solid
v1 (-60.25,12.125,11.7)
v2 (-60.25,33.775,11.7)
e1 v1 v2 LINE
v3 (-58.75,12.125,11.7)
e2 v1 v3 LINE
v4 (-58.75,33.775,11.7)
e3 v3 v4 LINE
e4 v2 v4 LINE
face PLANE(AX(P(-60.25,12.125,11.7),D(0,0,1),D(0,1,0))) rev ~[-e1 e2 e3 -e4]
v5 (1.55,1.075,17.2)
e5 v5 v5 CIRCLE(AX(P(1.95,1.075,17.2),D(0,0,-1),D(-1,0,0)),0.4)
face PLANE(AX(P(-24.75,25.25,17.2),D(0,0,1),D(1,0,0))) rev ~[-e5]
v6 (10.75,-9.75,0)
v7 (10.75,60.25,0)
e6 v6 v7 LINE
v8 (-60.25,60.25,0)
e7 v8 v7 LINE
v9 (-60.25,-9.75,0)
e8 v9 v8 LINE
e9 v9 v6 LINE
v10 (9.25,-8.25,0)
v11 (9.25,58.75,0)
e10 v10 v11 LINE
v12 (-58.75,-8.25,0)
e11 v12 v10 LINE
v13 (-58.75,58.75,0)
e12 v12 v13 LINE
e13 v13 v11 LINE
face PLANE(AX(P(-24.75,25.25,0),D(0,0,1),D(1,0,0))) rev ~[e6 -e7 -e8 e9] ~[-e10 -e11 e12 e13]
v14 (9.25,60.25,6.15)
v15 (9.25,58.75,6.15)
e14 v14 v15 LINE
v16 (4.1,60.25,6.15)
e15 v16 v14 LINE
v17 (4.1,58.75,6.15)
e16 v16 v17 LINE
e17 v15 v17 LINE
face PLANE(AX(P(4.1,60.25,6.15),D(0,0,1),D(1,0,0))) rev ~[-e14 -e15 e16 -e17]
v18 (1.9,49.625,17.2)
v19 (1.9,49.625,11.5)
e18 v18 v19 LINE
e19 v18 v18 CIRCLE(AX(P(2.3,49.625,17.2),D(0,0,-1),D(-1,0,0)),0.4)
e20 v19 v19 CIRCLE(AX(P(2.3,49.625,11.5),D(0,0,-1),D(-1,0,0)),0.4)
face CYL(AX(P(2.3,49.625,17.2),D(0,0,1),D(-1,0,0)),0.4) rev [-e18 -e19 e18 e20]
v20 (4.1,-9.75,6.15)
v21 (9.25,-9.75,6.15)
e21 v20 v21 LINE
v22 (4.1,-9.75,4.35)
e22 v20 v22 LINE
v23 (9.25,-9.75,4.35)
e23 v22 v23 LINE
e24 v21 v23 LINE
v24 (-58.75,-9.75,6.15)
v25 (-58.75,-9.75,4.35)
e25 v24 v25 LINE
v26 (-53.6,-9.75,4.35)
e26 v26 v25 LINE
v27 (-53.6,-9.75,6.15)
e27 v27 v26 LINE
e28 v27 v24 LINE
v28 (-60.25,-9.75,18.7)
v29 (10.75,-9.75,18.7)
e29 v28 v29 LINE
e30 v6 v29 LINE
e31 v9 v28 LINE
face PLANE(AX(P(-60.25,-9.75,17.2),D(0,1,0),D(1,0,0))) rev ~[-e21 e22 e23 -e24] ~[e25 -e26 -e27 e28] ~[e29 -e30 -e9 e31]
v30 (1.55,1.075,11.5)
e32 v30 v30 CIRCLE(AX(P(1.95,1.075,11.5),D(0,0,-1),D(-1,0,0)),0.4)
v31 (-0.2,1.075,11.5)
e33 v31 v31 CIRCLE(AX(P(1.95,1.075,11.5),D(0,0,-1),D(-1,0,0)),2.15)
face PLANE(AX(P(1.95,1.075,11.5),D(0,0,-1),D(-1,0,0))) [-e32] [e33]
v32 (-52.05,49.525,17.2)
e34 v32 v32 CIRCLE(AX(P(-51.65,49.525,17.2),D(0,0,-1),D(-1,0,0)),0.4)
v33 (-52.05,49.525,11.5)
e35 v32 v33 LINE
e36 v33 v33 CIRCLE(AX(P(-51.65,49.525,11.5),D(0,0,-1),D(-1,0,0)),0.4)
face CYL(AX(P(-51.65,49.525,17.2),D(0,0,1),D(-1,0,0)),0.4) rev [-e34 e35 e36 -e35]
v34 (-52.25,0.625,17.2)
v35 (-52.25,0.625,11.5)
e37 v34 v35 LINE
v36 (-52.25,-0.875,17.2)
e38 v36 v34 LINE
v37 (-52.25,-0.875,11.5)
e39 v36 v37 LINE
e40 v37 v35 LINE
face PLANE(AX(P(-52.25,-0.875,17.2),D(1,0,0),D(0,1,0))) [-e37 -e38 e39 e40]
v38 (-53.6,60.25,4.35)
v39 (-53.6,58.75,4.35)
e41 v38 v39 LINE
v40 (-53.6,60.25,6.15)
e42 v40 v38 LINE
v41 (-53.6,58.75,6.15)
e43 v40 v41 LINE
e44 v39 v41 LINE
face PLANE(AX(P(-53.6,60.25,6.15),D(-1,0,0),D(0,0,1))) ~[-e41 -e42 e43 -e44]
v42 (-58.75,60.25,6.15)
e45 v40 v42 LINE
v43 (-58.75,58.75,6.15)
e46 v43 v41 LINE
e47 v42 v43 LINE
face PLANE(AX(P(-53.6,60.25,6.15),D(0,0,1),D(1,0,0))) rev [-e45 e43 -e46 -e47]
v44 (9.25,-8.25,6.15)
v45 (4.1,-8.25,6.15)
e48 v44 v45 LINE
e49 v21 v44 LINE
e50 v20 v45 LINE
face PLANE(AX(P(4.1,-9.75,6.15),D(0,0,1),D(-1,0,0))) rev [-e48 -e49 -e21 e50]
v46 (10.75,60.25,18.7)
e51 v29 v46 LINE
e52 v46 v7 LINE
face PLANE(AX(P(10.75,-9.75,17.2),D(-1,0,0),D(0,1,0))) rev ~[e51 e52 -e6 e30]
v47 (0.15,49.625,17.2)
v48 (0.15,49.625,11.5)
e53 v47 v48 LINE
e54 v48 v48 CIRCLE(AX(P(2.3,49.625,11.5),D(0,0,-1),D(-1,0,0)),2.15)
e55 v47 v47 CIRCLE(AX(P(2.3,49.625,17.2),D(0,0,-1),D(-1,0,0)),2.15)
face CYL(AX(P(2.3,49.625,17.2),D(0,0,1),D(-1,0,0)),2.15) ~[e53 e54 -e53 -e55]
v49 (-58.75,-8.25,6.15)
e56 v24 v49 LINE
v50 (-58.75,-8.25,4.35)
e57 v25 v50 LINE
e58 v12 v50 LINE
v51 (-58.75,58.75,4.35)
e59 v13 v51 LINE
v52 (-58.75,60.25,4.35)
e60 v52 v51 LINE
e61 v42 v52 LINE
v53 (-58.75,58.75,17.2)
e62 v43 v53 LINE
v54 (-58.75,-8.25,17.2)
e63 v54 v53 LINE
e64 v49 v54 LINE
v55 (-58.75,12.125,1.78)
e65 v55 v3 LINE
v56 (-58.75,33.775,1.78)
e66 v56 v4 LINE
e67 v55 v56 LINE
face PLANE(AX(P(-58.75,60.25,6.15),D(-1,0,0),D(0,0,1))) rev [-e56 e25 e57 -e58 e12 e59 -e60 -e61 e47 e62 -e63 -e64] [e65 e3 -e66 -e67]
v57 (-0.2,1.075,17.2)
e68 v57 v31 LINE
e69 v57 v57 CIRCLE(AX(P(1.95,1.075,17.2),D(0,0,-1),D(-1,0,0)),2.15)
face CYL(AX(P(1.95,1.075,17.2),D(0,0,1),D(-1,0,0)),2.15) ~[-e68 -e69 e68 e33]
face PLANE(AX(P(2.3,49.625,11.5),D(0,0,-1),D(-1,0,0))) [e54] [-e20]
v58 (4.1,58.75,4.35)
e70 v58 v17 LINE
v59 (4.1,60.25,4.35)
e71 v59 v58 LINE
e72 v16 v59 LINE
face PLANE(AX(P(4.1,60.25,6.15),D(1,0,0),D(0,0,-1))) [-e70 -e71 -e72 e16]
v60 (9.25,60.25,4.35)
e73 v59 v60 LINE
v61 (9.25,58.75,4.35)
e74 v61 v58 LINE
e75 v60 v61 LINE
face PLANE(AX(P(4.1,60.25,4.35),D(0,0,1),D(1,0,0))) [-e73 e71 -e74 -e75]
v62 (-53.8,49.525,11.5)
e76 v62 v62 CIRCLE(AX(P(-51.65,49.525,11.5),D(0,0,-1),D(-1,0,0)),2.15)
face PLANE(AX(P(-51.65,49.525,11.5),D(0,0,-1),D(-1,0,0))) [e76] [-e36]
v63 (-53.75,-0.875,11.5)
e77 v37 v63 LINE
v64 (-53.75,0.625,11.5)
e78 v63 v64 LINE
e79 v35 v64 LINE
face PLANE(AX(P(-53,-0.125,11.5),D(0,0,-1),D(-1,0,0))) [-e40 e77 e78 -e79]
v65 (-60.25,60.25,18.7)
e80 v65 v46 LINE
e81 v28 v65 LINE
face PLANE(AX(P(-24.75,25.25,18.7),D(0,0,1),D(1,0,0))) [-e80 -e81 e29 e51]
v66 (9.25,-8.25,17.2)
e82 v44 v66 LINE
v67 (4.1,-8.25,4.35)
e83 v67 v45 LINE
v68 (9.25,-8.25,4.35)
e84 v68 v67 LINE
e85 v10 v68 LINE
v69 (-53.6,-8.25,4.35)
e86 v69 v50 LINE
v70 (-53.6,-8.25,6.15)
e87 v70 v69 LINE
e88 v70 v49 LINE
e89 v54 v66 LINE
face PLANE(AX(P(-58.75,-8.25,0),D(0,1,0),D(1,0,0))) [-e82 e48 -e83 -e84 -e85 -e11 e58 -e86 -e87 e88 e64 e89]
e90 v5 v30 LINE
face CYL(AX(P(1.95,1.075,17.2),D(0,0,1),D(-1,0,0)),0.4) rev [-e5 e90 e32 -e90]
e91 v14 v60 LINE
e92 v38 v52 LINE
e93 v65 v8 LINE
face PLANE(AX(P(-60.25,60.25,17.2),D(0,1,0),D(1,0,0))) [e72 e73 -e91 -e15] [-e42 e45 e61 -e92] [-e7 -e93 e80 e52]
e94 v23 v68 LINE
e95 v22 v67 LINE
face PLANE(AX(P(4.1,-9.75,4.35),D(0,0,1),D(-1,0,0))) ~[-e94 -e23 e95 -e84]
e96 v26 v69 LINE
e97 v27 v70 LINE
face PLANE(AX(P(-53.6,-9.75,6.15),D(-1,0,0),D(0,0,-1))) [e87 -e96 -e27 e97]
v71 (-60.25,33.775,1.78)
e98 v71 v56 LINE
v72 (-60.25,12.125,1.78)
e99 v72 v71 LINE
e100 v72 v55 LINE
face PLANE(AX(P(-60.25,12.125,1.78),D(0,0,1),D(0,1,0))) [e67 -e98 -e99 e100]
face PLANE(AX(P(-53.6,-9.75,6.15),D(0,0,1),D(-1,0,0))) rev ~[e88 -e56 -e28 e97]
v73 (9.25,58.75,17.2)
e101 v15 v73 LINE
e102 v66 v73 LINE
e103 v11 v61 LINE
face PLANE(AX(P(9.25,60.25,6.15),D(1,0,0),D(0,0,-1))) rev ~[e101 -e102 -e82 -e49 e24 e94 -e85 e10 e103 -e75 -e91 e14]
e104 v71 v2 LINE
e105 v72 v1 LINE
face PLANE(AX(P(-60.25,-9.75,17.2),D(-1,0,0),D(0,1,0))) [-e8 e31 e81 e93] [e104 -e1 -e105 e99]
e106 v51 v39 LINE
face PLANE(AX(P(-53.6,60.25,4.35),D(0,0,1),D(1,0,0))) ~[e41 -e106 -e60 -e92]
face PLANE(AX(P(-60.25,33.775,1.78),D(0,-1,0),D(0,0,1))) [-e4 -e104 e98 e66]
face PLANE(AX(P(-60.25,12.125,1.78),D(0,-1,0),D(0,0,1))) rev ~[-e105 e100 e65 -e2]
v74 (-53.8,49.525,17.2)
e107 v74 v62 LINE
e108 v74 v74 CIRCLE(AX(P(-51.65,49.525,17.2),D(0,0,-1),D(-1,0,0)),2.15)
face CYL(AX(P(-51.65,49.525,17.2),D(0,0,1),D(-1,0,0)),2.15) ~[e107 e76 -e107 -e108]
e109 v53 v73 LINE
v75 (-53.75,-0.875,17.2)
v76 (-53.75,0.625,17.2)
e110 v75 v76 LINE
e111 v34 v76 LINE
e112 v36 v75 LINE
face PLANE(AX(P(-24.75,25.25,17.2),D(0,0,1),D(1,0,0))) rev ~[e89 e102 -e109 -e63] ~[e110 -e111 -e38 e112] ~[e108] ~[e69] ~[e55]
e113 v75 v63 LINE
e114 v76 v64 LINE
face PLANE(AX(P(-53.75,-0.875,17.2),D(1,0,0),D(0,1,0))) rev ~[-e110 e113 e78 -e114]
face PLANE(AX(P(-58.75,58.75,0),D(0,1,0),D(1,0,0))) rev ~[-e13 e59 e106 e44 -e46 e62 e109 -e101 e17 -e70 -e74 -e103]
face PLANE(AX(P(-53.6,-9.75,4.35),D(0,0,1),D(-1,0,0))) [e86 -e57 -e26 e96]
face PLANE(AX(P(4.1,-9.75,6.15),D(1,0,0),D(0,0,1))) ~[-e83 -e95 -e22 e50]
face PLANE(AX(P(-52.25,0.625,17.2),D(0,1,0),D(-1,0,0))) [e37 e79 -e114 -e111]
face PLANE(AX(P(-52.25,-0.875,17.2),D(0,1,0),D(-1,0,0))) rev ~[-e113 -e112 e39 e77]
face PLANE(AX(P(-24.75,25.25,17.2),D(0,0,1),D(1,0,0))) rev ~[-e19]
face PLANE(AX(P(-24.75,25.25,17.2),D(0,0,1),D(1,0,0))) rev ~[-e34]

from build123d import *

# Parameters (mm, degrees)
SKETCH1_W               = 71
SKETCH1_H               = 70
SKETCH1_W_2             = 68
SKETCH1_H_2             = 67
BOSS_EXTRUDE1_DEPTH     = 17.2
BOSS_EXTRUDE2_START     = 17.2
SKETCH1_2_W             = 71
SKETCH1_2_H             = 70
BOSS_EXTRUDE2_DEPTH     = 1.5
CUT_EXTRUDE1_REACH      = 96.232
SKETCH6_W               = 5.15
SKETCH6_H               = 1.8
MIRROR2_COPY_1_REACH    = 96.232
MIRROR2_COPY_1_SKETCH_W = 5.15
MIRROR2_COPY_1_SKETCH_H = 1.8
CUT_EXTRUDE2_REACH      = 96.978
SKETCH7_W               = 9.92
SKETCH7_H               = 21.65
SKETCH8_R               = 2.15
SKETCH8_R_2             = 0.4
SKETCH8_W               = 1.5
SKETCH8_H               = 1.5
BOSS_EXTRUDE6_DEPTH     = 5.7


with BuildPart() as part:
    # Sketch1 → Boss-Extrude1 (new body)
    with BuildSketch(Plane.XY):
        with Locations((-24.75, 25.25)):
            Rectangle(SKETCH1_W, SKETCH1_H)
        with Locations((-24.75, 25.25)):
            Rectangle(SKETCH1_W_2, SKETCH1_H_2, mode=Mode.SUBTRACT)
    extrude(amount=BOSS_EXTRUDE1_DEPTH)

    # Sketch1<2> → Boss-Extrude2 (add)
    with BuildSketch(Plane.XY.offset(BOSS_EXTRUDE2_START)):
        with Locations((-24.75, 25.25)):
            Rectangle(SKETCH1_2_W, SKETCH1_2_H)
    extrude(amount=BOSS_EXTRUDE2_DEPTH)

    # Sketch6 → Cut-Extrude1 (cut, up to next)
    with BuildSketch(Plane(origin=(0, 60.25, 0), x_dir=(1, 0, 0), z_dir=(0, 1, 0)), mode=Mode.PRIVATE) as cut_extrude1_sk1:
        with Locations((6.675, -5.25)):
            Rectangle(SKETCH6_W, SKETCH6_H)
    cut_extrude1_tool1 = extrude(cut_extrude1_sk1.sketch, amount=-CUT_EXTRUDE1_REACH, mode=Mode.PRIVATE) & part.part
    cut_extrude1 = cut_extrude1_tool1.solids().sort_by_distance((6.675, 60.25, 5.25))[0]
    add(cut_extrude1, mode=Mode.SUBTRACT)

    # Mirror1: Cut-Extrude1 across plane
    add(cut_extrude1.mirror(Plane(origin=(-24.75, 0, 0), x_dir=(0, 0, 1), z_dir=(1, 0, 0))), mode=Mode.SUBTRACT)

    # Mirror2: Cut-Extrude1 across plane
    add(cut_extrude1.mirror(Plane.ZX.offset(25.25)), mode=Mode.SUBTRACT)

    # Mirror2 copy 1 sketch → Mirror2 copy 1 (cut, up to next)
    with BuildSketch(Plane(origin=(-49.5, -9.75, 0), x_dir=(-1, 0, 0), z_dir=(0, -1, 0)), mode=Mode.PRIVATE) as mirror2_copy_1_sk1:
        with Locations((6.675, -5.25)):
            Rectangle(MIRROR2_COPY_1_SKETCH_W, MIRROR2_COPY_1_SKETCH_H)
    mirror2_copy_1_tool1 = extrude(mirror2_copy_1_sk1.sketch, amount=-MIRROR2_COPY_1_REACH, mode=Mode.PRIVATE) & part.part
    add(mirror2_copy_1_tool1.solids().sort_by_distance((-56.175, -9.75, 5.25))[0], mode=Mode.SUBTRACT)

    # Sketch7 → Cut-Extrude2 (cut, up to next)
    with BuildSketch(Plane.ZY.offset(60.25), mode=Mode.PRIVATE) as cut_extrude2_sk1:
        with Locations((6.74, 22.95)):
            Rectangle(SKETCH7_W, SKETCH7_H)
    cut_extrude2_tool1 = extrude(cut_extrude2_sk1.sketch, amount=-CUT_EXTRUDE2_REACH, mode=Mode.PRIVATE) & part.part
    add(cut_extrude2_tool1.solids().sort_by_distance((-60.25, 22.95, 6.74))[0], mode=Mode.SUBTRACT)

    # Sketch8 → Boss-Extrude6 (add)
    # profile 1 of 4: a face of its own
    with BuildSketch(Plane(origin=(0, 0, 17.2), x_dir=(-1, 0, 0), z_dir=(0, 0, -1))):
        with Locations((51.65, 49.525)):
            Circle(SKETCH8_R)
        with Locations((51.65, 49.525)):
            Circle(SKETCH8_R_2, mode=Mode.SUBTRACT)
    # profile 2 of 4: a face of its own
    with BuildSketch(Plane(origin=(0, 0, 17.2), x_dir=(-1, 0, 0), z_dir=(0, 0, -1))):
        with Locations((-2.3, 49.625)):
            Circle(SKETCH8_R)
        with Locations((-2.3, 49.625)):
            Circle(SKETCH8_R_2, mode=Mode.SUBTRACT)
    # profile 3 of 4: a face of its own
    with BuildSketch(Plane(origin=(0, 0, 17.2), x_dir=(-1, 0, 0), z_dir=(0, 0, -1))):
        with Locations((-1.95, 1.075)):
            Circle(SKETCH8_R)
        with Locations((-1.95, 1.075)):
            Circle(SKETCH8_R_2, mode=Mode.SUBTRACT)
    # profile 4 of 4: a face of its own
    with BuildSketch(Plane(origin=(0, 0, 17.2), x_dir=(-1, 0, 0), z_dir=(0, 0, -1))):
        with Locations((53, -0.125)):
            Rectangle(SKETCH8_W, SKETCH8_H)
    extrude(amount=BOSS_EXTRUDE6_DEPTH)


solid = part.part
